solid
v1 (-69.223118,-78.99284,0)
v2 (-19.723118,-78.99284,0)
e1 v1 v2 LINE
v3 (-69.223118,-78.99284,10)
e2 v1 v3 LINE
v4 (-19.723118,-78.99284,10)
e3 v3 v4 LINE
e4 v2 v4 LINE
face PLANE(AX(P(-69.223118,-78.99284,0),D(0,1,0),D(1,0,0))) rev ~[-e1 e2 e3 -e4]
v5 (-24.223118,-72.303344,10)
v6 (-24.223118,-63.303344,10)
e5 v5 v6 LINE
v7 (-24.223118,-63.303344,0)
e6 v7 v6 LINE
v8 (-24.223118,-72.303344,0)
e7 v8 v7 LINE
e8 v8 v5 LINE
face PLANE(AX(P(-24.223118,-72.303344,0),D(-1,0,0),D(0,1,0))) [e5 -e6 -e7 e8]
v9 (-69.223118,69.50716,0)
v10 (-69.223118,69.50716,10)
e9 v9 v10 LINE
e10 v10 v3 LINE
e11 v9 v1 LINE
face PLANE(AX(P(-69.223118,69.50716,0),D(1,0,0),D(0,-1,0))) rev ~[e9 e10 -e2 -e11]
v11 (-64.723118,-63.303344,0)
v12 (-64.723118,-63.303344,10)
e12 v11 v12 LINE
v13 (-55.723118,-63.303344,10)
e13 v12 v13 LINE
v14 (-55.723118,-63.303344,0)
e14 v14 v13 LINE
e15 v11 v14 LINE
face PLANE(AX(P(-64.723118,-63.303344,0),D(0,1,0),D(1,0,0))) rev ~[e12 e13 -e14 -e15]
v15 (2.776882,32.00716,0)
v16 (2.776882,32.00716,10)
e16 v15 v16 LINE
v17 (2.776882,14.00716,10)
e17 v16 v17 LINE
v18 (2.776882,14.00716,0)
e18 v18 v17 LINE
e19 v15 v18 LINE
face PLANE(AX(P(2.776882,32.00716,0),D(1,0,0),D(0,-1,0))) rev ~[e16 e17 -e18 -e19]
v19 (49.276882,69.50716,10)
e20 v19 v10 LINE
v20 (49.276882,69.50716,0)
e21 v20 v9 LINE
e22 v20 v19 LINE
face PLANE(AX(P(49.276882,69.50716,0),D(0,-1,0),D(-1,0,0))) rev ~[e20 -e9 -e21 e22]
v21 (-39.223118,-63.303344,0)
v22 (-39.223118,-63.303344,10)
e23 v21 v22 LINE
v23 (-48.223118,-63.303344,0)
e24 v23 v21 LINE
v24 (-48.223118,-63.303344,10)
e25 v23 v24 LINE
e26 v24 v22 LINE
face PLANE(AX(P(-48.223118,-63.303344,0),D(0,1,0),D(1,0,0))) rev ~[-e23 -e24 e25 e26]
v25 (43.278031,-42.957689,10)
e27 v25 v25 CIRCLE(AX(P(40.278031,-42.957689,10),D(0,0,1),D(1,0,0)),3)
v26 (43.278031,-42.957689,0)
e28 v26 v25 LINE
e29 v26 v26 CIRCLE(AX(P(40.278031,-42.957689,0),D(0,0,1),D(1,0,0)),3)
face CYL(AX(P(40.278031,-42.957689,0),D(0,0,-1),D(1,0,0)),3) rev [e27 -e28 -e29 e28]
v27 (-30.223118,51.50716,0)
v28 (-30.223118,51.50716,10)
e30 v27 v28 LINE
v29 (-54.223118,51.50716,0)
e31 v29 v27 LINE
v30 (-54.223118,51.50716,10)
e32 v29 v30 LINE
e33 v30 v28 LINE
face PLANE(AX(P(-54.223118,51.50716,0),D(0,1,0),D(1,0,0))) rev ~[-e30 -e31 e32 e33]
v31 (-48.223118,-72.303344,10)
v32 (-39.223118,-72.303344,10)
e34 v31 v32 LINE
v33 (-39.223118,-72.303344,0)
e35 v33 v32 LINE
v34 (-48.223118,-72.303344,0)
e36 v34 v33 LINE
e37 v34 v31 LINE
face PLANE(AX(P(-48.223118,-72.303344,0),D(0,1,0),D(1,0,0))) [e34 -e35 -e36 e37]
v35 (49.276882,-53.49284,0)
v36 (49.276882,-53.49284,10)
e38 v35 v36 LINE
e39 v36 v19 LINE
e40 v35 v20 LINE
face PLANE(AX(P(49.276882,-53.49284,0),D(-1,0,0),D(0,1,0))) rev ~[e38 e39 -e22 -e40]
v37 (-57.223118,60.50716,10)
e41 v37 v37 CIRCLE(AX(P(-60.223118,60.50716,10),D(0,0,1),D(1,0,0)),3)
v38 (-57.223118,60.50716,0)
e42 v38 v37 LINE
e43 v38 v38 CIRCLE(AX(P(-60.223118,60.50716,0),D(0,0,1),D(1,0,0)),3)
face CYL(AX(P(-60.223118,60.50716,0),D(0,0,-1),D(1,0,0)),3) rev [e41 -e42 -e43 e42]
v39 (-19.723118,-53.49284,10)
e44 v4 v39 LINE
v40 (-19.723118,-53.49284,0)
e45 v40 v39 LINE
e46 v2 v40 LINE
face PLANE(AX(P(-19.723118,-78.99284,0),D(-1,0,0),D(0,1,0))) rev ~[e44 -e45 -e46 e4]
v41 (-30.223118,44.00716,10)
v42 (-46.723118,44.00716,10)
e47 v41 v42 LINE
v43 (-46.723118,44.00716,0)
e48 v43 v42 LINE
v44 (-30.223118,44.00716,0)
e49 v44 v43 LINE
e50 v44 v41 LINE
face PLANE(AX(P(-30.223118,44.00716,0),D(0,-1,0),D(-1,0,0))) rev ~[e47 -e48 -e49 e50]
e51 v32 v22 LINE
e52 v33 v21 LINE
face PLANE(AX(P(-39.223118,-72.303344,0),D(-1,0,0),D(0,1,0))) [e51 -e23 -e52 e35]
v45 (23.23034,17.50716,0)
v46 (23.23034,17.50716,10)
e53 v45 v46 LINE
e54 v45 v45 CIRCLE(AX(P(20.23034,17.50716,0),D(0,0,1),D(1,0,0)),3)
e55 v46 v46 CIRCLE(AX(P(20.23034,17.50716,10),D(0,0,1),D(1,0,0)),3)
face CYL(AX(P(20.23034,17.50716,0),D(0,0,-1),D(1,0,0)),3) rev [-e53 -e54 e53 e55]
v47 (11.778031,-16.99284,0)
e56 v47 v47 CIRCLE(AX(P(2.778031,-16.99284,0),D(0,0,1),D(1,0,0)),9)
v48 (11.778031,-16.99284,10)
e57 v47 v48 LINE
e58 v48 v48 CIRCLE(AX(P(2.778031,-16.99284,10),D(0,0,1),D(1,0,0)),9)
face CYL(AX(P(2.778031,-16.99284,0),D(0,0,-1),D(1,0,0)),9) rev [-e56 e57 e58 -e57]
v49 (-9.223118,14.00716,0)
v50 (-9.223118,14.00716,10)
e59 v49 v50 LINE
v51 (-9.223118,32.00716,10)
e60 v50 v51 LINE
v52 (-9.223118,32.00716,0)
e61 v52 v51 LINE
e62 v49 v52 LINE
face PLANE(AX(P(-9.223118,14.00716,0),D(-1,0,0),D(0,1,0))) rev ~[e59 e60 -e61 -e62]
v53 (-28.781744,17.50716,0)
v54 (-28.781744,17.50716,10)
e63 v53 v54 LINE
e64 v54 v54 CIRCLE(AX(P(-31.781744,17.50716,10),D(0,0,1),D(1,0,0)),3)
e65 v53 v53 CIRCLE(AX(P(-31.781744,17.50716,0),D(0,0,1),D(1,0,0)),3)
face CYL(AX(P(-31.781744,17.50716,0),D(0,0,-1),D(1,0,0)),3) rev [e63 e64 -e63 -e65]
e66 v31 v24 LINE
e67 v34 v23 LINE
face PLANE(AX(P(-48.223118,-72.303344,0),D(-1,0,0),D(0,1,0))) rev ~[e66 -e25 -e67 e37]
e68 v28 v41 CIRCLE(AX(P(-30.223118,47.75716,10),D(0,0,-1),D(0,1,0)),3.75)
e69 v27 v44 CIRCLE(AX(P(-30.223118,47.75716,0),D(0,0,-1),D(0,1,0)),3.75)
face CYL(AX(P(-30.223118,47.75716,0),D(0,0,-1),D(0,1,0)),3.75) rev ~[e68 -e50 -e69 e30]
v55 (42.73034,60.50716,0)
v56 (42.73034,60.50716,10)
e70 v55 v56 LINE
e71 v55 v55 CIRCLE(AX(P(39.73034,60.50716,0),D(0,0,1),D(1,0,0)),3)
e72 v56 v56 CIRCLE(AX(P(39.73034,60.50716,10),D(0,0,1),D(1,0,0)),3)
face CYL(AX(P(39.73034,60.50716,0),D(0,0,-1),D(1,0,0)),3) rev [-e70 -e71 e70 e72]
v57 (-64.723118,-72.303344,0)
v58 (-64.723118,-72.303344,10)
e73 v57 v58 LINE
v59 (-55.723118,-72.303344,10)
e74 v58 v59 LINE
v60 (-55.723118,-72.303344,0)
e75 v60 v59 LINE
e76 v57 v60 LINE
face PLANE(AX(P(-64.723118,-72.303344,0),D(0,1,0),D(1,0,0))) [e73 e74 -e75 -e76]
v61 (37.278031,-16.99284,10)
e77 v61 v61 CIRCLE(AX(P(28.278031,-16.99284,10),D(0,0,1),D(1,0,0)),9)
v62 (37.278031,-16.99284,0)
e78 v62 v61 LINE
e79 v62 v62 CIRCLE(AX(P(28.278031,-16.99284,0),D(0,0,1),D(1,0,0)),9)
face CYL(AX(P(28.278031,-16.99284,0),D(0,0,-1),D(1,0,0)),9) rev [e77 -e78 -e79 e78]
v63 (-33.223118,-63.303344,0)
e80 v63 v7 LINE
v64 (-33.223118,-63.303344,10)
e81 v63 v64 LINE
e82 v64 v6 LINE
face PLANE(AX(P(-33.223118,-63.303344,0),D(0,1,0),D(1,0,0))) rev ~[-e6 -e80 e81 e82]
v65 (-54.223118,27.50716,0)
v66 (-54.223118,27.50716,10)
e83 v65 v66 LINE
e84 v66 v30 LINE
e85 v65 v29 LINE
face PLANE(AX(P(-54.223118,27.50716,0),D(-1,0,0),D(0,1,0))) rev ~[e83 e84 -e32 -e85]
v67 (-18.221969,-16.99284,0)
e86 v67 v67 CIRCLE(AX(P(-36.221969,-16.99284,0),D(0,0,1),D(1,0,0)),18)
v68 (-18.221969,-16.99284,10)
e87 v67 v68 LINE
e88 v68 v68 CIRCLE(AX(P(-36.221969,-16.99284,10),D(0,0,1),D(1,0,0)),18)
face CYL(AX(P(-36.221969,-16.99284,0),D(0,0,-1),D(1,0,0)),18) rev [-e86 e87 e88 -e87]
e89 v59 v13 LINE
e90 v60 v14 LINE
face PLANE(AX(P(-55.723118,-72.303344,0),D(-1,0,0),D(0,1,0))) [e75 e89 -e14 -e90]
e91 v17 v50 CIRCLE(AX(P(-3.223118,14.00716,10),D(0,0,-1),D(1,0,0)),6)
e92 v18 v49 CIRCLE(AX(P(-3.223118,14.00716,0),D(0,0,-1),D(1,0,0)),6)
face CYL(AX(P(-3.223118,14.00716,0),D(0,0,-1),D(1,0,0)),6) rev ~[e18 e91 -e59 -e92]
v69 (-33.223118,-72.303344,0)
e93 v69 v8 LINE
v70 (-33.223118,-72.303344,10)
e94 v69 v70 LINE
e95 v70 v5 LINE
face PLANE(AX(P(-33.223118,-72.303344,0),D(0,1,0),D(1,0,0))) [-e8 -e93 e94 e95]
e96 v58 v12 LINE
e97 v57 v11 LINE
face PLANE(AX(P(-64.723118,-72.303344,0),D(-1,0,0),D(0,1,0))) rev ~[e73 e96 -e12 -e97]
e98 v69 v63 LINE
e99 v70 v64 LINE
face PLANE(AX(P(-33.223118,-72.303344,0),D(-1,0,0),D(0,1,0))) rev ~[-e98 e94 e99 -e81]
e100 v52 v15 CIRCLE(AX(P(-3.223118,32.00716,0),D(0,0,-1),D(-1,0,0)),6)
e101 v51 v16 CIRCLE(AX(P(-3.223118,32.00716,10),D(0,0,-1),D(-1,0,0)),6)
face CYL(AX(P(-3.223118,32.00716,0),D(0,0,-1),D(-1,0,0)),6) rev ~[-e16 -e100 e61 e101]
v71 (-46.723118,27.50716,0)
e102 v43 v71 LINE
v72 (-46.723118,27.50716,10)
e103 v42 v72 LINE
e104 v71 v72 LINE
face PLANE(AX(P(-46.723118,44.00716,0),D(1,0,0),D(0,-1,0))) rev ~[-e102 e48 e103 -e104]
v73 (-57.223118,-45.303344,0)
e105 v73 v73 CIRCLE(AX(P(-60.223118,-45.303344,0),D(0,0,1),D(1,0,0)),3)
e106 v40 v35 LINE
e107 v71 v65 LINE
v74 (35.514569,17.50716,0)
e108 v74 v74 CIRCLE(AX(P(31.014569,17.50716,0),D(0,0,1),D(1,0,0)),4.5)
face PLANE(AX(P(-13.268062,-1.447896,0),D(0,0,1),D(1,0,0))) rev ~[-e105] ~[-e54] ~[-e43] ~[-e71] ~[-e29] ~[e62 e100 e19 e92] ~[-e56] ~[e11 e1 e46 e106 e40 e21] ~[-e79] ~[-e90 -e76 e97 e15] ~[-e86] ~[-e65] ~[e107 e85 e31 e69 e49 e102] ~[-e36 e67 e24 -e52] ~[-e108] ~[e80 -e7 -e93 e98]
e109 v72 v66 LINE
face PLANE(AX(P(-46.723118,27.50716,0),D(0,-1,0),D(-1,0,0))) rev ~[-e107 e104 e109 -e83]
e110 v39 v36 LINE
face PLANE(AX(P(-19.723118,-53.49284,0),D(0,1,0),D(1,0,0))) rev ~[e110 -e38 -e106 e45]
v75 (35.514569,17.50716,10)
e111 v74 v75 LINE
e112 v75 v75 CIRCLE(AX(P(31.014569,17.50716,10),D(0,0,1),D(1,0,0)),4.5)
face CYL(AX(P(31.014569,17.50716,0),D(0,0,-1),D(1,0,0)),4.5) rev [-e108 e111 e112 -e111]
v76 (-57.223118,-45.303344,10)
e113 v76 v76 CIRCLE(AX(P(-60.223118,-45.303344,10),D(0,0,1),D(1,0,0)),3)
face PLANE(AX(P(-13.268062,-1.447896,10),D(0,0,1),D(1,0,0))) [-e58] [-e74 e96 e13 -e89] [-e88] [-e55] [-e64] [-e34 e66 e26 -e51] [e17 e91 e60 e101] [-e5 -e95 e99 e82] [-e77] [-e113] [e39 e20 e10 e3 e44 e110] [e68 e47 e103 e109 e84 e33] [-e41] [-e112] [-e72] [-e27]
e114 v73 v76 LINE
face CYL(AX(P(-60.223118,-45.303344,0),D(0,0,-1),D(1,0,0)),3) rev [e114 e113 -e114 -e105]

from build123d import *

# Parameters (mm, degrees)
F0_W     = 9
F0_H     = 9
F0_R     = 3
F0_R_2   = 18
F0_R_3   = 9
F0_R_4   = 4.5
F1_DEPTH = 10


with BuildPart() as f1:
    # F0 (on Top) → F1 (new body)
    with BuildSketch(Plane.XY):
        Polygon((49.276882, 69.50716), (-69.223118, 69.50716), (-69.223118, -78.99284), (-19.723118, -78.99284), (-19.723118, -53.49284), (49.276882, -53.49284), align=None)
        with Locations((-60.223118, -67.803344)):
            Rectangle(F0_W, F0_H, mode=Mode.SUBTRACT)
        with Locations((-43.723118, -67.803344)):
            Rectangle(F0_W, F0_H, mode=Mode.SUBTRACT)
        with Locations((-60.223118, -45.303344)):
            Circle(F0_R, mode=Mode.SUBTRACT)
        with Locations((-28.723118, -67.803344)):
            Rectangle(F0_W, F0_H, mode=Mode.SUBTRACT)
        with Locations((-36.221969, -16.99284)):
            Circle(F0_R_2, mode=Mode.SUBTRACT)
        with Locations((40.278031, -42.957689)):
            Circle(F0_R, mode=Mode.SUBTRACT)
        with Locations((2.778031, -16.99284)):
            Circle(F0_R_3, mode=Mode.SUBTRACT)
        with Locations((28.278031, -16.99284)):
            Circle(F0_R_3, mode=Mode.SUBTRACT)
        with Locations((-31.781744, 17.50716)):
            Circle(F0_R, mode=Mode.SUBTRACT)
        with BuildLine():
            Line((-54.223118, 27.50716), (-54.223118, 51.50716))
            Line((-54.223118, 51.50716), (-30.223118, 51.50716))
            ThreePointArc((-30.223118, 51.50716), (-26.473118, 47.75716), (-30.223118, 44.00716))
            Line((-30.223118, 44.00716), (-46.723118, 44.00716))
            Line((-46.723118, 44.00716), (-46.723118, 27.50716))
            Line((-46.723118, 27.50716), (-54.223118, 27.50716))
        make_face(mode=Mode.SUBTRACT)
        with Locations((-60.223118, 60.50716)):
            Circle(F0_R, mode=Mode.SUBTRACT)
        with BuildLine():
            Line((-9.223118, 14.00716), (-9.223118, 32.00716))
            ThreePointArc((-9.223118, 32.00716), (-3.223118, 38.00716), (2.776882, 32.00716))
            Line((2.776882, 32.00716), (2.776882, 14.00716))
            ThreePointArc((2.776882, 14.00716), (-3.223118, 8.00716), (-9.223118, 14.00716))
        make_face(mode=Mode.SUBTRACT)
        with Locations((20.23034, 17.50716)):
            Circle(F0_R, mode=Mode.SUBTRACT)
        with Locations((31.014569, 17.50716)):
            Circle(F0_R_4, mode=Mode.SUBTRACT)
        with Locations((39.73034, 60.50716)):
            Circle(F0_R, mode=Mode.SUBTRACT)
    extrude(amount=F1_DEPTH)


solid = f1.part
